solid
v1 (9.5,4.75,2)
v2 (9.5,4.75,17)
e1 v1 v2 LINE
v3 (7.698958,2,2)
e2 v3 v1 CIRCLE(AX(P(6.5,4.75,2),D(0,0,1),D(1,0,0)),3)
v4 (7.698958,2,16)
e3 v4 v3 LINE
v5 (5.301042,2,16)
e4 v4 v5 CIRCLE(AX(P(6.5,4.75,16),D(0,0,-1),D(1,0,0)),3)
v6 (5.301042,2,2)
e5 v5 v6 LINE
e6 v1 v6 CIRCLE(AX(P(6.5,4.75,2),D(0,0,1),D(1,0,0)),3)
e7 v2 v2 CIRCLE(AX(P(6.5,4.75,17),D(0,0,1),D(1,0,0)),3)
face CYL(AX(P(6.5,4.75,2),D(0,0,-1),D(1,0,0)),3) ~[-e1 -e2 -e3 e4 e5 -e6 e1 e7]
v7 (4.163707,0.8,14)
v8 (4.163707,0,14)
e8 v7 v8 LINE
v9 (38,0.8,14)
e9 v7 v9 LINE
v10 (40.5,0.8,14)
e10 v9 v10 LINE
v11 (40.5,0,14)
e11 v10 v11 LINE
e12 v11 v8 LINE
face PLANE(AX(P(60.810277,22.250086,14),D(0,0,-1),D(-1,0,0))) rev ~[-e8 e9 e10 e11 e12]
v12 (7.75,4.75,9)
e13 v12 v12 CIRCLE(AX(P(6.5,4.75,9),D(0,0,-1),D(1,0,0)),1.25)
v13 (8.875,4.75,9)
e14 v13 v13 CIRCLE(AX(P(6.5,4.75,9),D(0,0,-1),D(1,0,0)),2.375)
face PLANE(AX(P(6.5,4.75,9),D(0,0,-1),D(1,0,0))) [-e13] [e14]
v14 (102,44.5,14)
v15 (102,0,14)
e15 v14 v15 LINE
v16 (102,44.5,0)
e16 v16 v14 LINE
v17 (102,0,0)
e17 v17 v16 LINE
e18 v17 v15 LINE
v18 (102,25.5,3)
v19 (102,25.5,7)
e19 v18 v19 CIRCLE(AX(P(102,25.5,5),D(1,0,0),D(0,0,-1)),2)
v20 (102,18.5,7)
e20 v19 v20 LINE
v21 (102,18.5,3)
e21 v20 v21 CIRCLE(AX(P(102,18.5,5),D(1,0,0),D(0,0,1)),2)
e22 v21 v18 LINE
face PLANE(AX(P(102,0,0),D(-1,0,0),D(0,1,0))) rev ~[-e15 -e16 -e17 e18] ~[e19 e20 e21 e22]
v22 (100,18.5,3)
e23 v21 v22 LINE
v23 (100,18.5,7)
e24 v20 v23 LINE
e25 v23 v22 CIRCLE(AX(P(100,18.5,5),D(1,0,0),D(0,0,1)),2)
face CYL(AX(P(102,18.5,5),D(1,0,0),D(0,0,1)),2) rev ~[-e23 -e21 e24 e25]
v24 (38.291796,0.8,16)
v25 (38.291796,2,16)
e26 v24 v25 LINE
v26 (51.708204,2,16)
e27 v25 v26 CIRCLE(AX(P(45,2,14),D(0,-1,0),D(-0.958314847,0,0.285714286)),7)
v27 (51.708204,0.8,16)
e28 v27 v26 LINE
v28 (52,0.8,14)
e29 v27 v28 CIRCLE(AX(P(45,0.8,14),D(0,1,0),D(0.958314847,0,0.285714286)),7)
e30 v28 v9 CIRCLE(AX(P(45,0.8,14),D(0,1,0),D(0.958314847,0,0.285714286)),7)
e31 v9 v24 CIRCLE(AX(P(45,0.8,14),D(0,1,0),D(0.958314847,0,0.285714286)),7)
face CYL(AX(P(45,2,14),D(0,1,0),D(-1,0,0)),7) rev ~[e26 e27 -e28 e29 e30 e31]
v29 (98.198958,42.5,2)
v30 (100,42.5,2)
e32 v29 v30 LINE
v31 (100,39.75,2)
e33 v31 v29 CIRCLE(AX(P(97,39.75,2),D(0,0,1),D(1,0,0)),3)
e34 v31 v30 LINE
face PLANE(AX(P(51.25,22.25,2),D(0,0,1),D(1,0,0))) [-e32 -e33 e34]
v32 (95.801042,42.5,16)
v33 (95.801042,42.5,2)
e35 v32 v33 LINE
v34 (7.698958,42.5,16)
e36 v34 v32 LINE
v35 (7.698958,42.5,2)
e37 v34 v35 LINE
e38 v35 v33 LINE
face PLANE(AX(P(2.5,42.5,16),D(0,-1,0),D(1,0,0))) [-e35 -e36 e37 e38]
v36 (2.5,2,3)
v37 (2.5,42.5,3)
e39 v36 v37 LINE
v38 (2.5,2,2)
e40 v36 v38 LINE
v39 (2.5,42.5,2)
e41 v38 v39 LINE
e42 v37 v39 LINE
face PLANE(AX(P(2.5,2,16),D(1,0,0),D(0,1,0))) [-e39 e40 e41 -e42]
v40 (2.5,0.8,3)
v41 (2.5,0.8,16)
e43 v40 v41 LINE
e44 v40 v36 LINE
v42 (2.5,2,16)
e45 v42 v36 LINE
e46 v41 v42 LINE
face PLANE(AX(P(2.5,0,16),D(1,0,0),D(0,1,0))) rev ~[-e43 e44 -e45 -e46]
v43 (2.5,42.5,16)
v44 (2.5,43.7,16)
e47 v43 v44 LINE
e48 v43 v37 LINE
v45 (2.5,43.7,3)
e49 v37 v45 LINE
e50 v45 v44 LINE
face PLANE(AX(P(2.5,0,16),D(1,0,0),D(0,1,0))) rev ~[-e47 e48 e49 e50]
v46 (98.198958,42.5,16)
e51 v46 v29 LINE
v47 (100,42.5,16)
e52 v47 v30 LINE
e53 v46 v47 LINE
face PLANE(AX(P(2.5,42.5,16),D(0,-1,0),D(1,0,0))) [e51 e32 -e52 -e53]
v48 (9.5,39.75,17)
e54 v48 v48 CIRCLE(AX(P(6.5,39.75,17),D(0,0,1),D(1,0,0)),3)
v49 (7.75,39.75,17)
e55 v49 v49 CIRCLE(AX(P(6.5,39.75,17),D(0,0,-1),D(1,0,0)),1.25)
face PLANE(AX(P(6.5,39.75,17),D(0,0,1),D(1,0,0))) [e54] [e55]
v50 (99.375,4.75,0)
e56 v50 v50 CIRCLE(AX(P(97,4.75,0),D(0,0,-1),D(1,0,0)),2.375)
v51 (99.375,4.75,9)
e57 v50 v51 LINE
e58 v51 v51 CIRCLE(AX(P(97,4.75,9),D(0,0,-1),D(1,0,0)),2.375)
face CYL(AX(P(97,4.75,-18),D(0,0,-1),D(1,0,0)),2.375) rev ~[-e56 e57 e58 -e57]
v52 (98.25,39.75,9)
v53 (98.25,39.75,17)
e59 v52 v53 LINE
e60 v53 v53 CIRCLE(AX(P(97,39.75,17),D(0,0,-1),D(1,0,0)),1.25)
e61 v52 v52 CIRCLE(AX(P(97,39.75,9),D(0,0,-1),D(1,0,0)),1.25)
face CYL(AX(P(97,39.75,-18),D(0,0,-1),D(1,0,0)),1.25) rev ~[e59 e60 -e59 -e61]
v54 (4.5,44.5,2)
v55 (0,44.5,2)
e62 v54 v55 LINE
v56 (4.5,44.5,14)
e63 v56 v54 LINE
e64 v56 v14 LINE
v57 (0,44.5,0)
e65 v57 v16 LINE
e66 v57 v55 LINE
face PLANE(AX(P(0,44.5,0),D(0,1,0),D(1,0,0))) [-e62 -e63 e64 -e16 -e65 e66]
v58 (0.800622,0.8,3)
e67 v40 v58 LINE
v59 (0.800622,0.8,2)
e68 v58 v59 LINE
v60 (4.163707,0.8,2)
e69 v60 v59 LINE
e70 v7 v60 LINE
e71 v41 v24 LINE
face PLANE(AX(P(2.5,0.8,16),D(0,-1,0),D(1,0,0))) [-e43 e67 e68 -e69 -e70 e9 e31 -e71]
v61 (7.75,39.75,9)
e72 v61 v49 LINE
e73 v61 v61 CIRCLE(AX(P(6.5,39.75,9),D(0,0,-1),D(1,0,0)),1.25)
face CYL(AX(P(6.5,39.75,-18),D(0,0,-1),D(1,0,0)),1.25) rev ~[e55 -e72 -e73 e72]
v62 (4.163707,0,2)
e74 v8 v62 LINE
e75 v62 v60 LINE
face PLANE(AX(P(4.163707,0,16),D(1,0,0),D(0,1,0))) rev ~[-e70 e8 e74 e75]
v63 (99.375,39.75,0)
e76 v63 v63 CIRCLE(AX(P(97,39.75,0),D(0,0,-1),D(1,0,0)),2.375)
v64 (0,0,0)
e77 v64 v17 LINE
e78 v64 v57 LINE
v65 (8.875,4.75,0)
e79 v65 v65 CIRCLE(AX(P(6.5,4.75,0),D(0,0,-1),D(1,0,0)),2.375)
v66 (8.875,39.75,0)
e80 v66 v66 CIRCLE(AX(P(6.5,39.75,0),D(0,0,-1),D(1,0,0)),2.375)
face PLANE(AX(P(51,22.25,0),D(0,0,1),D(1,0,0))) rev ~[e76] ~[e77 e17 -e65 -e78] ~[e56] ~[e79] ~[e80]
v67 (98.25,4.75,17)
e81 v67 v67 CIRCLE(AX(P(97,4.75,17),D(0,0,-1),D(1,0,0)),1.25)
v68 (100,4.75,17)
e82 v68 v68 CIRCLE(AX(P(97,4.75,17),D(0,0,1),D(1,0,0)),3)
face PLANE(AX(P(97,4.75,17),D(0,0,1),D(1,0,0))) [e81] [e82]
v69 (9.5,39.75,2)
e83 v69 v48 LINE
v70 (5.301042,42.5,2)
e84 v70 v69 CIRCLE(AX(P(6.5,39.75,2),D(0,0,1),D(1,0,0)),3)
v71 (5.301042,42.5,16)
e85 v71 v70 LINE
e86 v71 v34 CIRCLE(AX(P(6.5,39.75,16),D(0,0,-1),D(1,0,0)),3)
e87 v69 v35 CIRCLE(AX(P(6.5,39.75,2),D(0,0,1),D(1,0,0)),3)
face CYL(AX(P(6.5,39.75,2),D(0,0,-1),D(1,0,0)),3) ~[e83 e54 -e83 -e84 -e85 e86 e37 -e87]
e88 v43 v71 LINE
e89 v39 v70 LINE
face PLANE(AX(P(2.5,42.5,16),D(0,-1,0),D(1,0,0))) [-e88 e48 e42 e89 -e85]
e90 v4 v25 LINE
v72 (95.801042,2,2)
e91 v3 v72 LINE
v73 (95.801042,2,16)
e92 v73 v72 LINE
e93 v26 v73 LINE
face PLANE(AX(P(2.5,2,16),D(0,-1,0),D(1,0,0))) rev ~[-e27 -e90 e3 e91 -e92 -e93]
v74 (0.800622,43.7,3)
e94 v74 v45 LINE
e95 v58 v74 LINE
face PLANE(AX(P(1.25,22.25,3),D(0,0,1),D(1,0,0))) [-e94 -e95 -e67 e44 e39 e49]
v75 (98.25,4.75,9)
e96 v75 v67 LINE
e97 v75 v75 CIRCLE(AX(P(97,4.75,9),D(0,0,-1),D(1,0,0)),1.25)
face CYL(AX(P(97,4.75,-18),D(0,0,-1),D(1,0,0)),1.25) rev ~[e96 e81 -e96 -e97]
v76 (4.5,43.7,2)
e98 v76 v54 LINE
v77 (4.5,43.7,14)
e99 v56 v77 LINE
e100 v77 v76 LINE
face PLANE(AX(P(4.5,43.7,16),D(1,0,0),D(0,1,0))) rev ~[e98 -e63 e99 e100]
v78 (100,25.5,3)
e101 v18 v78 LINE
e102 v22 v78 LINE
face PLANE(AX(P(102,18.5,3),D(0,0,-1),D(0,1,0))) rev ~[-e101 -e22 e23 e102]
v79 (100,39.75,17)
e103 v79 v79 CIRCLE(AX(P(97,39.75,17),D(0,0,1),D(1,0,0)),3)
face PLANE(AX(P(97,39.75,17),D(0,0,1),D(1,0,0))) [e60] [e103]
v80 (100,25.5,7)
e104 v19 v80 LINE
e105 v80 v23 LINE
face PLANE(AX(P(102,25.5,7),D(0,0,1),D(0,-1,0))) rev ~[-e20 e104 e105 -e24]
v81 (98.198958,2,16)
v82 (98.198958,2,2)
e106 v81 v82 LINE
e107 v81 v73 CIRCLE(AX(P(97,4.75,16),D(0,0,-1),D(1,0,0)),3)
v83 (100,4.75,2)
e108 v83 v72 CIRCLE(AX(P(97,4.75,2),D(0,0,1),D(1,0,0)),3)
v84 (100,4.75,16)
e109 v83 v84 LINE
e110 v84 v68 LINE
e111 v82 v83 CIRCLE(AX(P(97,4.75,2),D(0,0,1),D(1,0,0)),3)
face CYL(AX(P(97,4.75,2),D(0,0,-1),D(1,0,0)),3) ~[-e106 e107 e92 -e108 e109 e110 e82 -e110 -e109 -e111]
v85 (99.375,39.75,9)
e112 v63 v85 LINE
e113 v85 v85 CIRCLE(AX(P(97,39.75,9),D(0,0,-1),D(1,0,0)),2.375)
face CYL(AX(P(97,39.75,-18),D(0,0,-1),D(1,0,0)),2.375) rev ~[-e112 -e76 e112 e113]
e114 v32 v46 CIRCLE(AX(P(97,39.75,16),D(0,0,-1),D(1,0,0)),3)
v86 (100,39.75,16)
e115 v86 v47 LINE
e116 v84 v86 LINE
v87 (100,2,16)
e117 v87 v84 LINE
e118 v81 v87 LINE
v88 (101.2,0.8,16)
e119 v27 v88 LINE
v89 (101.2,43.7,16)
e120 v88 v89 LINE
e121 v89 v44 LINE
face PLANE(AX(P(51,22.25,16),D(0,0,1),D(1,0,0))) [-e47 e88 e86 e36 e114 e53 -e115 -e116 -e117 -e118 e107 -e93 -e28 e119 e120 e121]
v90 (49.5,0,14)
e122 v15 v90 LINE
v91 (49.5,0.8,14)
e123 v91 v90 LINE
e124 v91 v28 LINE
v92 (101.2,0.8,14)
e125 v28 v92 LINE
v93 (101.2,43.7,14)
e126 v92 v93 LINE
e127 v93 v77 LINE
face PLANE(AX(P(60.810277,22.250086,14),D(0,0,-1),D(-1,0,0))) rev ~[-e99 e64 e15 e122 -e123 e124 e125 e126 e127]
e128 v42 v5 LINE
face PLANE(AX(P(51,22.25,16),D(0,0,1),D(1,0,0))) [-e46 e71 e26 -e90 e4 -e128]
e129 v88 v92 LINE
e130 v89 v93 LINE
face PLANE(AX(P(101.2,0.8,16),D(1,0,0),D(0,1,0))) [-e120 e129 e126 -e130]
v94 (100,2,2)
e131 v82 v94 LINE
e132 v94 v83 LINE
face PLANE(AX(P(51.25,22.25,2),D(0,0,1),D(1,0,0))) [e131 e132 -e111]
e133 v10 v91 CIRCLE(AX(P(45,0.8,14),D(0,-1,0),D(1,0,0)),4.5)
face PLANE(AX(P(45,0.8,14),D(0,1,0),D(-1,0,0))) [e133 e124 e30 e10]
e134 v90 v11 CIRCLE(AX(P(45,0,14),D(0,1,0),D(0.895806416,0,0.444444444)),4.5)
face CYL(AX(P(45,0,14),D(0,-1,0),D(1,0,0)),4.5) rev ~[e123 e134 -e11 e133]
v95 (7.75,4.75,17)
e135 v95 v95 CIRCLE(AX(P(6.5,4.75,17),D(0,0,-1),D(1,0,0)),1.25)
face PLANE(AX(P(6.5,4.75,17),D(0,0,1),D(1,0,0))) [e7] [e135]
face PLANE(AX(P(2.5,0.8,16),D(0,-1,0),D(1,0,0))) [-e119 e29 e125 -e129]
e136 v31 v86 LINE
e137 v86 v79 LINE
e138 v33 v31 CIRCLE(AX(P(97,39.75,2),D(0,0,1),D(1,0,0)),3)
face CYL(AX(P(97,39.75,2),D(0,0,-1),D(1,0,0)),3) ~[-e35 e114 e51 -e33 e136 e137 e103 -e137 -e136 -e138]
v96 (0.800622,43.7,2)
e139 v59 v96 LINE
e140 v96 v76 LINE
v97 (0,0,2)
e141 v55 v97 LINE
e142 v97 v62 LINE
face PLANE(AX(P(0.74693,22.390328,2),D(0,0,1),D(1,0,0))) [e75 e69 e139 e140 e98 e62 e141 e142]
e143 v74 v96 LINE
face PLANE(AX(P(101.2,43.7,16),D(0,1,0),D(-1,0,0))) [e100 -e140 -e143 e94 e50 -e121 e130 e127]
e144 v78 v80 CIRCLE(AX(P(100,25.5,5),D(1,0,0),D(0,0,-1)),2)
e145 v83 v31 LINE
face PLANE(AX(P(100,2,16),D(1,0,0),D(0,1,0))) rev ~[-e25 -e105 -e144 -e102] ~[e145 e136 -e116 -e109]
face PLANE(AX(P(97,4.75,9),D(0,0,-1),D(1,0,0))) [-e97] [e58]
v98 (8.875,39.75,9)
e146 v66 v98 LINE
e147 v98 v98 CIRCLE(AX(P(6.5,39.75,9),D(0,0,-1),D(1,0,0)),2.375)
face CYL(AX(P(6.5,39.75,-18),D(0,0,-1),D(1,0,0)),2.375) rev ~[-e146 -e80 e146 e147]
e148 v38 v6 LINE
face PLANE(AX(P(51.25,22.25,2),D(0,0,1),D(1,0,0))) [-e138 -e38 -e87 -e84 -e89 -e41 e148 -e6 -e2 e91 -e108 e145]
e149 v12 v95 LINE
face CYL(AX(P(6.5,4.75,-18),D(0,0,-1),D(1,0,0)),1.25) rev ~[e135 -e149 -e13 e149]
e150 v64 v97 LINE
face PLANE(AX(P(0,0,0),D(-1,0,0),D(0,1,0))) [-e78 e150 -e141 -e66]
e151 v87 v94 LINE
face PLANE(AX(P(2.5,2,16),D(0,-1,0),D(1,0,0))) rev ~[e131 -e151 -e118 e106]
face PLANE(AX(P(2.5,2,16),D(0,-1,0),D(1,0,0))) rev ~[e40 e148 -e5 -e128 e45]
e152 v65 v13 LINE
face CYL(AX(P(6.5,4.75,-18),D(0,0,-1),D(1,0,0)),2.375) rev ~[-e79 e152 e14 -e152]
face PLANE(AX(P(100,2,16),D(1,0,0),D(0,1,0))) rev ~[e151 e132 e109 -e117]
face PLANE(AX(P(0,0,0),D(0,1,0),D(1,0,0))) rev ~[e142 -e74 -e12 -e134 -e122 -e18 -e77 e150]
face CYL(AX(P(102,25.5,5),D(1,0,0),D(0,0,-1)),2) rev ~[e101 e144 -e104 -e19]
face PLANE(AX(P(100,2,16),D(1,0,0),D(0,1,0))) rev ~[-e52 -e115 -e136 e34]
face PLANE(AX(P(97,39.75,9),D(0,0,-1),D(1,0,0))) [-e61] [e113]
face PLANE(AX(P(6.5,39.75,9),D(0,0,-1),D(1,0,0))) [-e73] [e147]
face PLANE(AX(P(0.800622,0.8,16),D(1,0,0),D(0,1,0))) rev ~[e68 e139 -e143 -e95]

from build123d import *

# Parameters (mm, degrees)
SKETCH_W        = 102
SKETCH_H        = 44.5
PAD_DEPTH       = 16
SKETCH001_W     = 97.5
SKETCH001_H     = 40.5
POCKET_DEPTH    = 14
SKETCH002_R     = 3
PAD001_DEPTH    = 15
SKETCH007_R     = 1.25
POCKET004_DEPTH = 35
SKETCH008_R     = 2.375
POCKET005_DEPTH = 27
POCKET008_DEPTH = 5
SKETCH012_R     = 4.5
POCKET009_DEPTH = 10
SKETCH013_R     = 7
POCKET010_DEPTH = 1.2
SKETCH022_W     = 2.5
SKETCH022_H     = 44.5
POCKET018_DEPTH = 13
POCKET019_DEPTH = 2
POCKET020_DEPTH = 14


with BuildPart() as part:
    # Sketch → Pad (new body)
    with BuildSketch(Plane.XY):
        with Locations((51, 22.25)):
            Rectangle(SKETCH_W, SKETCH_H)
    extrude(amount=PAD_DEPTH)

    # Sketch001 (on Face6 of Pad) → Pocket (cut)
    with BuildSketch(Plane.XY.offset(16)):
        with Locations((51.25, 22.25)):
            Rectangle(SKETCH001_W, SKETCH001_H)
    extrude(amount=-POCKET_DEPTH, mode=Mode.SUBTRACT)

    # Sketch002 (on Face11 of Pocket) → Pad001 (join)
    with BuildSketch(Plane.XY.offset(2)):
        with Locations((6.5, 39.75)):
            Circle(SKETCH002_R)
        with Locations((97, 39.75)):
            Circle(SKETCH002_R)
        with Locations((6.5, 4.75)):
            Circle(SKETCH002_R)
        with Locations((97, 4.75)):
            Circle(SKETCH002_R)
    extrude(amount=PAD001_DEPTH)

    # Sketch007 (on DatumPlane) → Pocket004 (cut)
    with BuildSketch(Plane(origin=(0, 0, -18), x_dir=(1, 0, 0), z_dir=(0, 0, -1))):
        with Locations((6.5, -4.75)):
            Circle(SKETCH007_R)
        with Locations((97, -4.75)):
            Circle(SKETCH007_R)
        with Locations((6.5, -39.75)):
            Circle(SKETCH007_R)
        with Locations((97, -39.75)):
            Circle(SKETCH007_R)
    extrude(amount=-POCKET004_DEPTH, mode=Mode.SUBTRACT)

    # Sketch008 (on DatumPlane) → Pocket005 (cut)
    with BuildSketch(Plane(origin=(0, 0, -18), x_dir=(1, 0, 0), z_dir=(0, 0, -1))):
        with Locations((6.5, -4.75)):
            Circle(SKETCH008_R)
        with Locations((97, -4.75)):
            Circle(SKETCH008_R)
        with Locations((6.5, -39.75)):
            Circle(SKETCH008_R)
        with Locations((97, -39.75)):
            Circle(SKETCH008_R)
    extrude(amount=-POCKET005_DEPTH, mode=Mode.SUBTRACT)

    # Sketch011 → Pocket008 (cut)
    with BuildSketch(Plane.YZ.offset(102)):
        with BuildLine():
            ThreePointArc((18.5, 7), (16.5, 5), (18.5, 3))
            Line((18.5, 3), (25.5, 3))
            ThreePointArc((25.5, 3), (27.5, 5), (25.5, 7))
            Line((25.5, 7), (18.5, 7))
        make_face()
    extrude(amount=-POCKET008_DEPTH, mode=Mode.SUBTRACT)

    # Sketch012 (on Face1 of Pocket008) → Pocket009 (cut)
    with BuildSketch(Plane.XZ):
        with Locations((45, 14)):
            Circle(SKETCH012_R)
    extrude(amount=-POCKET009_DEPTH, mode=Mode.SUBTRACT)

    # Sketch013 (on Face17 of Pocket009) → Pocket010 (cut)
    with BuildSketch(Plane(origin=(0, 2, 0), x_dir=(-1, 0, 0), z_dir=(0, 1, 0))):
        with Locations((-45, 14)):
            Circle(SKETCH013_R)
    extrude(amount=-POCKET010_DEPTH, mode=Mode.SUBTRACT)

    # Sketch022 → Pocket018 (cut)
    with BuildSketch(Plane.XY.offset(16)):
        with Locations((1.25, 22.25)):
            Rectangle(SKETCH022_W, SKETCH022_H)
    extrude(amount=-POCKET018_DEPTH, mode=Mode.SUBTRACT)

    # Sketch023 (on Face4 of Pocket018) → Pocket019 (cut)
    with BuildSketch(Plane.XY.offset(16)):
        Polygon((2.499048, 44.5), (102, 44.5), (102, 0), (2.5, 0), (2.5, 0.8), (101.2, 0.8), (101.2, 43.7), (2.499048, 43.7), align=None)
    extrude(amount=-POCKET019_DEPTH, mode=Mode.SUBTRACT)

    # Sketch024 (on Face25 of Pocket019) → Pocket020 (cut)
    with BuildSketch(Plane.XY.offset(16)):
        Polygon((4.163707, 0), (4.163707, 0.8), (0.800622, 0.8), (0.800622, 43.7), (4.5, 43.7), (4.5, 44.5), (0, 44.5), (0, 0), align=None)
    extrude(amount=-POCKET020_DEPTH, mode=Mode.SUBTRACT)


solid = part.part
